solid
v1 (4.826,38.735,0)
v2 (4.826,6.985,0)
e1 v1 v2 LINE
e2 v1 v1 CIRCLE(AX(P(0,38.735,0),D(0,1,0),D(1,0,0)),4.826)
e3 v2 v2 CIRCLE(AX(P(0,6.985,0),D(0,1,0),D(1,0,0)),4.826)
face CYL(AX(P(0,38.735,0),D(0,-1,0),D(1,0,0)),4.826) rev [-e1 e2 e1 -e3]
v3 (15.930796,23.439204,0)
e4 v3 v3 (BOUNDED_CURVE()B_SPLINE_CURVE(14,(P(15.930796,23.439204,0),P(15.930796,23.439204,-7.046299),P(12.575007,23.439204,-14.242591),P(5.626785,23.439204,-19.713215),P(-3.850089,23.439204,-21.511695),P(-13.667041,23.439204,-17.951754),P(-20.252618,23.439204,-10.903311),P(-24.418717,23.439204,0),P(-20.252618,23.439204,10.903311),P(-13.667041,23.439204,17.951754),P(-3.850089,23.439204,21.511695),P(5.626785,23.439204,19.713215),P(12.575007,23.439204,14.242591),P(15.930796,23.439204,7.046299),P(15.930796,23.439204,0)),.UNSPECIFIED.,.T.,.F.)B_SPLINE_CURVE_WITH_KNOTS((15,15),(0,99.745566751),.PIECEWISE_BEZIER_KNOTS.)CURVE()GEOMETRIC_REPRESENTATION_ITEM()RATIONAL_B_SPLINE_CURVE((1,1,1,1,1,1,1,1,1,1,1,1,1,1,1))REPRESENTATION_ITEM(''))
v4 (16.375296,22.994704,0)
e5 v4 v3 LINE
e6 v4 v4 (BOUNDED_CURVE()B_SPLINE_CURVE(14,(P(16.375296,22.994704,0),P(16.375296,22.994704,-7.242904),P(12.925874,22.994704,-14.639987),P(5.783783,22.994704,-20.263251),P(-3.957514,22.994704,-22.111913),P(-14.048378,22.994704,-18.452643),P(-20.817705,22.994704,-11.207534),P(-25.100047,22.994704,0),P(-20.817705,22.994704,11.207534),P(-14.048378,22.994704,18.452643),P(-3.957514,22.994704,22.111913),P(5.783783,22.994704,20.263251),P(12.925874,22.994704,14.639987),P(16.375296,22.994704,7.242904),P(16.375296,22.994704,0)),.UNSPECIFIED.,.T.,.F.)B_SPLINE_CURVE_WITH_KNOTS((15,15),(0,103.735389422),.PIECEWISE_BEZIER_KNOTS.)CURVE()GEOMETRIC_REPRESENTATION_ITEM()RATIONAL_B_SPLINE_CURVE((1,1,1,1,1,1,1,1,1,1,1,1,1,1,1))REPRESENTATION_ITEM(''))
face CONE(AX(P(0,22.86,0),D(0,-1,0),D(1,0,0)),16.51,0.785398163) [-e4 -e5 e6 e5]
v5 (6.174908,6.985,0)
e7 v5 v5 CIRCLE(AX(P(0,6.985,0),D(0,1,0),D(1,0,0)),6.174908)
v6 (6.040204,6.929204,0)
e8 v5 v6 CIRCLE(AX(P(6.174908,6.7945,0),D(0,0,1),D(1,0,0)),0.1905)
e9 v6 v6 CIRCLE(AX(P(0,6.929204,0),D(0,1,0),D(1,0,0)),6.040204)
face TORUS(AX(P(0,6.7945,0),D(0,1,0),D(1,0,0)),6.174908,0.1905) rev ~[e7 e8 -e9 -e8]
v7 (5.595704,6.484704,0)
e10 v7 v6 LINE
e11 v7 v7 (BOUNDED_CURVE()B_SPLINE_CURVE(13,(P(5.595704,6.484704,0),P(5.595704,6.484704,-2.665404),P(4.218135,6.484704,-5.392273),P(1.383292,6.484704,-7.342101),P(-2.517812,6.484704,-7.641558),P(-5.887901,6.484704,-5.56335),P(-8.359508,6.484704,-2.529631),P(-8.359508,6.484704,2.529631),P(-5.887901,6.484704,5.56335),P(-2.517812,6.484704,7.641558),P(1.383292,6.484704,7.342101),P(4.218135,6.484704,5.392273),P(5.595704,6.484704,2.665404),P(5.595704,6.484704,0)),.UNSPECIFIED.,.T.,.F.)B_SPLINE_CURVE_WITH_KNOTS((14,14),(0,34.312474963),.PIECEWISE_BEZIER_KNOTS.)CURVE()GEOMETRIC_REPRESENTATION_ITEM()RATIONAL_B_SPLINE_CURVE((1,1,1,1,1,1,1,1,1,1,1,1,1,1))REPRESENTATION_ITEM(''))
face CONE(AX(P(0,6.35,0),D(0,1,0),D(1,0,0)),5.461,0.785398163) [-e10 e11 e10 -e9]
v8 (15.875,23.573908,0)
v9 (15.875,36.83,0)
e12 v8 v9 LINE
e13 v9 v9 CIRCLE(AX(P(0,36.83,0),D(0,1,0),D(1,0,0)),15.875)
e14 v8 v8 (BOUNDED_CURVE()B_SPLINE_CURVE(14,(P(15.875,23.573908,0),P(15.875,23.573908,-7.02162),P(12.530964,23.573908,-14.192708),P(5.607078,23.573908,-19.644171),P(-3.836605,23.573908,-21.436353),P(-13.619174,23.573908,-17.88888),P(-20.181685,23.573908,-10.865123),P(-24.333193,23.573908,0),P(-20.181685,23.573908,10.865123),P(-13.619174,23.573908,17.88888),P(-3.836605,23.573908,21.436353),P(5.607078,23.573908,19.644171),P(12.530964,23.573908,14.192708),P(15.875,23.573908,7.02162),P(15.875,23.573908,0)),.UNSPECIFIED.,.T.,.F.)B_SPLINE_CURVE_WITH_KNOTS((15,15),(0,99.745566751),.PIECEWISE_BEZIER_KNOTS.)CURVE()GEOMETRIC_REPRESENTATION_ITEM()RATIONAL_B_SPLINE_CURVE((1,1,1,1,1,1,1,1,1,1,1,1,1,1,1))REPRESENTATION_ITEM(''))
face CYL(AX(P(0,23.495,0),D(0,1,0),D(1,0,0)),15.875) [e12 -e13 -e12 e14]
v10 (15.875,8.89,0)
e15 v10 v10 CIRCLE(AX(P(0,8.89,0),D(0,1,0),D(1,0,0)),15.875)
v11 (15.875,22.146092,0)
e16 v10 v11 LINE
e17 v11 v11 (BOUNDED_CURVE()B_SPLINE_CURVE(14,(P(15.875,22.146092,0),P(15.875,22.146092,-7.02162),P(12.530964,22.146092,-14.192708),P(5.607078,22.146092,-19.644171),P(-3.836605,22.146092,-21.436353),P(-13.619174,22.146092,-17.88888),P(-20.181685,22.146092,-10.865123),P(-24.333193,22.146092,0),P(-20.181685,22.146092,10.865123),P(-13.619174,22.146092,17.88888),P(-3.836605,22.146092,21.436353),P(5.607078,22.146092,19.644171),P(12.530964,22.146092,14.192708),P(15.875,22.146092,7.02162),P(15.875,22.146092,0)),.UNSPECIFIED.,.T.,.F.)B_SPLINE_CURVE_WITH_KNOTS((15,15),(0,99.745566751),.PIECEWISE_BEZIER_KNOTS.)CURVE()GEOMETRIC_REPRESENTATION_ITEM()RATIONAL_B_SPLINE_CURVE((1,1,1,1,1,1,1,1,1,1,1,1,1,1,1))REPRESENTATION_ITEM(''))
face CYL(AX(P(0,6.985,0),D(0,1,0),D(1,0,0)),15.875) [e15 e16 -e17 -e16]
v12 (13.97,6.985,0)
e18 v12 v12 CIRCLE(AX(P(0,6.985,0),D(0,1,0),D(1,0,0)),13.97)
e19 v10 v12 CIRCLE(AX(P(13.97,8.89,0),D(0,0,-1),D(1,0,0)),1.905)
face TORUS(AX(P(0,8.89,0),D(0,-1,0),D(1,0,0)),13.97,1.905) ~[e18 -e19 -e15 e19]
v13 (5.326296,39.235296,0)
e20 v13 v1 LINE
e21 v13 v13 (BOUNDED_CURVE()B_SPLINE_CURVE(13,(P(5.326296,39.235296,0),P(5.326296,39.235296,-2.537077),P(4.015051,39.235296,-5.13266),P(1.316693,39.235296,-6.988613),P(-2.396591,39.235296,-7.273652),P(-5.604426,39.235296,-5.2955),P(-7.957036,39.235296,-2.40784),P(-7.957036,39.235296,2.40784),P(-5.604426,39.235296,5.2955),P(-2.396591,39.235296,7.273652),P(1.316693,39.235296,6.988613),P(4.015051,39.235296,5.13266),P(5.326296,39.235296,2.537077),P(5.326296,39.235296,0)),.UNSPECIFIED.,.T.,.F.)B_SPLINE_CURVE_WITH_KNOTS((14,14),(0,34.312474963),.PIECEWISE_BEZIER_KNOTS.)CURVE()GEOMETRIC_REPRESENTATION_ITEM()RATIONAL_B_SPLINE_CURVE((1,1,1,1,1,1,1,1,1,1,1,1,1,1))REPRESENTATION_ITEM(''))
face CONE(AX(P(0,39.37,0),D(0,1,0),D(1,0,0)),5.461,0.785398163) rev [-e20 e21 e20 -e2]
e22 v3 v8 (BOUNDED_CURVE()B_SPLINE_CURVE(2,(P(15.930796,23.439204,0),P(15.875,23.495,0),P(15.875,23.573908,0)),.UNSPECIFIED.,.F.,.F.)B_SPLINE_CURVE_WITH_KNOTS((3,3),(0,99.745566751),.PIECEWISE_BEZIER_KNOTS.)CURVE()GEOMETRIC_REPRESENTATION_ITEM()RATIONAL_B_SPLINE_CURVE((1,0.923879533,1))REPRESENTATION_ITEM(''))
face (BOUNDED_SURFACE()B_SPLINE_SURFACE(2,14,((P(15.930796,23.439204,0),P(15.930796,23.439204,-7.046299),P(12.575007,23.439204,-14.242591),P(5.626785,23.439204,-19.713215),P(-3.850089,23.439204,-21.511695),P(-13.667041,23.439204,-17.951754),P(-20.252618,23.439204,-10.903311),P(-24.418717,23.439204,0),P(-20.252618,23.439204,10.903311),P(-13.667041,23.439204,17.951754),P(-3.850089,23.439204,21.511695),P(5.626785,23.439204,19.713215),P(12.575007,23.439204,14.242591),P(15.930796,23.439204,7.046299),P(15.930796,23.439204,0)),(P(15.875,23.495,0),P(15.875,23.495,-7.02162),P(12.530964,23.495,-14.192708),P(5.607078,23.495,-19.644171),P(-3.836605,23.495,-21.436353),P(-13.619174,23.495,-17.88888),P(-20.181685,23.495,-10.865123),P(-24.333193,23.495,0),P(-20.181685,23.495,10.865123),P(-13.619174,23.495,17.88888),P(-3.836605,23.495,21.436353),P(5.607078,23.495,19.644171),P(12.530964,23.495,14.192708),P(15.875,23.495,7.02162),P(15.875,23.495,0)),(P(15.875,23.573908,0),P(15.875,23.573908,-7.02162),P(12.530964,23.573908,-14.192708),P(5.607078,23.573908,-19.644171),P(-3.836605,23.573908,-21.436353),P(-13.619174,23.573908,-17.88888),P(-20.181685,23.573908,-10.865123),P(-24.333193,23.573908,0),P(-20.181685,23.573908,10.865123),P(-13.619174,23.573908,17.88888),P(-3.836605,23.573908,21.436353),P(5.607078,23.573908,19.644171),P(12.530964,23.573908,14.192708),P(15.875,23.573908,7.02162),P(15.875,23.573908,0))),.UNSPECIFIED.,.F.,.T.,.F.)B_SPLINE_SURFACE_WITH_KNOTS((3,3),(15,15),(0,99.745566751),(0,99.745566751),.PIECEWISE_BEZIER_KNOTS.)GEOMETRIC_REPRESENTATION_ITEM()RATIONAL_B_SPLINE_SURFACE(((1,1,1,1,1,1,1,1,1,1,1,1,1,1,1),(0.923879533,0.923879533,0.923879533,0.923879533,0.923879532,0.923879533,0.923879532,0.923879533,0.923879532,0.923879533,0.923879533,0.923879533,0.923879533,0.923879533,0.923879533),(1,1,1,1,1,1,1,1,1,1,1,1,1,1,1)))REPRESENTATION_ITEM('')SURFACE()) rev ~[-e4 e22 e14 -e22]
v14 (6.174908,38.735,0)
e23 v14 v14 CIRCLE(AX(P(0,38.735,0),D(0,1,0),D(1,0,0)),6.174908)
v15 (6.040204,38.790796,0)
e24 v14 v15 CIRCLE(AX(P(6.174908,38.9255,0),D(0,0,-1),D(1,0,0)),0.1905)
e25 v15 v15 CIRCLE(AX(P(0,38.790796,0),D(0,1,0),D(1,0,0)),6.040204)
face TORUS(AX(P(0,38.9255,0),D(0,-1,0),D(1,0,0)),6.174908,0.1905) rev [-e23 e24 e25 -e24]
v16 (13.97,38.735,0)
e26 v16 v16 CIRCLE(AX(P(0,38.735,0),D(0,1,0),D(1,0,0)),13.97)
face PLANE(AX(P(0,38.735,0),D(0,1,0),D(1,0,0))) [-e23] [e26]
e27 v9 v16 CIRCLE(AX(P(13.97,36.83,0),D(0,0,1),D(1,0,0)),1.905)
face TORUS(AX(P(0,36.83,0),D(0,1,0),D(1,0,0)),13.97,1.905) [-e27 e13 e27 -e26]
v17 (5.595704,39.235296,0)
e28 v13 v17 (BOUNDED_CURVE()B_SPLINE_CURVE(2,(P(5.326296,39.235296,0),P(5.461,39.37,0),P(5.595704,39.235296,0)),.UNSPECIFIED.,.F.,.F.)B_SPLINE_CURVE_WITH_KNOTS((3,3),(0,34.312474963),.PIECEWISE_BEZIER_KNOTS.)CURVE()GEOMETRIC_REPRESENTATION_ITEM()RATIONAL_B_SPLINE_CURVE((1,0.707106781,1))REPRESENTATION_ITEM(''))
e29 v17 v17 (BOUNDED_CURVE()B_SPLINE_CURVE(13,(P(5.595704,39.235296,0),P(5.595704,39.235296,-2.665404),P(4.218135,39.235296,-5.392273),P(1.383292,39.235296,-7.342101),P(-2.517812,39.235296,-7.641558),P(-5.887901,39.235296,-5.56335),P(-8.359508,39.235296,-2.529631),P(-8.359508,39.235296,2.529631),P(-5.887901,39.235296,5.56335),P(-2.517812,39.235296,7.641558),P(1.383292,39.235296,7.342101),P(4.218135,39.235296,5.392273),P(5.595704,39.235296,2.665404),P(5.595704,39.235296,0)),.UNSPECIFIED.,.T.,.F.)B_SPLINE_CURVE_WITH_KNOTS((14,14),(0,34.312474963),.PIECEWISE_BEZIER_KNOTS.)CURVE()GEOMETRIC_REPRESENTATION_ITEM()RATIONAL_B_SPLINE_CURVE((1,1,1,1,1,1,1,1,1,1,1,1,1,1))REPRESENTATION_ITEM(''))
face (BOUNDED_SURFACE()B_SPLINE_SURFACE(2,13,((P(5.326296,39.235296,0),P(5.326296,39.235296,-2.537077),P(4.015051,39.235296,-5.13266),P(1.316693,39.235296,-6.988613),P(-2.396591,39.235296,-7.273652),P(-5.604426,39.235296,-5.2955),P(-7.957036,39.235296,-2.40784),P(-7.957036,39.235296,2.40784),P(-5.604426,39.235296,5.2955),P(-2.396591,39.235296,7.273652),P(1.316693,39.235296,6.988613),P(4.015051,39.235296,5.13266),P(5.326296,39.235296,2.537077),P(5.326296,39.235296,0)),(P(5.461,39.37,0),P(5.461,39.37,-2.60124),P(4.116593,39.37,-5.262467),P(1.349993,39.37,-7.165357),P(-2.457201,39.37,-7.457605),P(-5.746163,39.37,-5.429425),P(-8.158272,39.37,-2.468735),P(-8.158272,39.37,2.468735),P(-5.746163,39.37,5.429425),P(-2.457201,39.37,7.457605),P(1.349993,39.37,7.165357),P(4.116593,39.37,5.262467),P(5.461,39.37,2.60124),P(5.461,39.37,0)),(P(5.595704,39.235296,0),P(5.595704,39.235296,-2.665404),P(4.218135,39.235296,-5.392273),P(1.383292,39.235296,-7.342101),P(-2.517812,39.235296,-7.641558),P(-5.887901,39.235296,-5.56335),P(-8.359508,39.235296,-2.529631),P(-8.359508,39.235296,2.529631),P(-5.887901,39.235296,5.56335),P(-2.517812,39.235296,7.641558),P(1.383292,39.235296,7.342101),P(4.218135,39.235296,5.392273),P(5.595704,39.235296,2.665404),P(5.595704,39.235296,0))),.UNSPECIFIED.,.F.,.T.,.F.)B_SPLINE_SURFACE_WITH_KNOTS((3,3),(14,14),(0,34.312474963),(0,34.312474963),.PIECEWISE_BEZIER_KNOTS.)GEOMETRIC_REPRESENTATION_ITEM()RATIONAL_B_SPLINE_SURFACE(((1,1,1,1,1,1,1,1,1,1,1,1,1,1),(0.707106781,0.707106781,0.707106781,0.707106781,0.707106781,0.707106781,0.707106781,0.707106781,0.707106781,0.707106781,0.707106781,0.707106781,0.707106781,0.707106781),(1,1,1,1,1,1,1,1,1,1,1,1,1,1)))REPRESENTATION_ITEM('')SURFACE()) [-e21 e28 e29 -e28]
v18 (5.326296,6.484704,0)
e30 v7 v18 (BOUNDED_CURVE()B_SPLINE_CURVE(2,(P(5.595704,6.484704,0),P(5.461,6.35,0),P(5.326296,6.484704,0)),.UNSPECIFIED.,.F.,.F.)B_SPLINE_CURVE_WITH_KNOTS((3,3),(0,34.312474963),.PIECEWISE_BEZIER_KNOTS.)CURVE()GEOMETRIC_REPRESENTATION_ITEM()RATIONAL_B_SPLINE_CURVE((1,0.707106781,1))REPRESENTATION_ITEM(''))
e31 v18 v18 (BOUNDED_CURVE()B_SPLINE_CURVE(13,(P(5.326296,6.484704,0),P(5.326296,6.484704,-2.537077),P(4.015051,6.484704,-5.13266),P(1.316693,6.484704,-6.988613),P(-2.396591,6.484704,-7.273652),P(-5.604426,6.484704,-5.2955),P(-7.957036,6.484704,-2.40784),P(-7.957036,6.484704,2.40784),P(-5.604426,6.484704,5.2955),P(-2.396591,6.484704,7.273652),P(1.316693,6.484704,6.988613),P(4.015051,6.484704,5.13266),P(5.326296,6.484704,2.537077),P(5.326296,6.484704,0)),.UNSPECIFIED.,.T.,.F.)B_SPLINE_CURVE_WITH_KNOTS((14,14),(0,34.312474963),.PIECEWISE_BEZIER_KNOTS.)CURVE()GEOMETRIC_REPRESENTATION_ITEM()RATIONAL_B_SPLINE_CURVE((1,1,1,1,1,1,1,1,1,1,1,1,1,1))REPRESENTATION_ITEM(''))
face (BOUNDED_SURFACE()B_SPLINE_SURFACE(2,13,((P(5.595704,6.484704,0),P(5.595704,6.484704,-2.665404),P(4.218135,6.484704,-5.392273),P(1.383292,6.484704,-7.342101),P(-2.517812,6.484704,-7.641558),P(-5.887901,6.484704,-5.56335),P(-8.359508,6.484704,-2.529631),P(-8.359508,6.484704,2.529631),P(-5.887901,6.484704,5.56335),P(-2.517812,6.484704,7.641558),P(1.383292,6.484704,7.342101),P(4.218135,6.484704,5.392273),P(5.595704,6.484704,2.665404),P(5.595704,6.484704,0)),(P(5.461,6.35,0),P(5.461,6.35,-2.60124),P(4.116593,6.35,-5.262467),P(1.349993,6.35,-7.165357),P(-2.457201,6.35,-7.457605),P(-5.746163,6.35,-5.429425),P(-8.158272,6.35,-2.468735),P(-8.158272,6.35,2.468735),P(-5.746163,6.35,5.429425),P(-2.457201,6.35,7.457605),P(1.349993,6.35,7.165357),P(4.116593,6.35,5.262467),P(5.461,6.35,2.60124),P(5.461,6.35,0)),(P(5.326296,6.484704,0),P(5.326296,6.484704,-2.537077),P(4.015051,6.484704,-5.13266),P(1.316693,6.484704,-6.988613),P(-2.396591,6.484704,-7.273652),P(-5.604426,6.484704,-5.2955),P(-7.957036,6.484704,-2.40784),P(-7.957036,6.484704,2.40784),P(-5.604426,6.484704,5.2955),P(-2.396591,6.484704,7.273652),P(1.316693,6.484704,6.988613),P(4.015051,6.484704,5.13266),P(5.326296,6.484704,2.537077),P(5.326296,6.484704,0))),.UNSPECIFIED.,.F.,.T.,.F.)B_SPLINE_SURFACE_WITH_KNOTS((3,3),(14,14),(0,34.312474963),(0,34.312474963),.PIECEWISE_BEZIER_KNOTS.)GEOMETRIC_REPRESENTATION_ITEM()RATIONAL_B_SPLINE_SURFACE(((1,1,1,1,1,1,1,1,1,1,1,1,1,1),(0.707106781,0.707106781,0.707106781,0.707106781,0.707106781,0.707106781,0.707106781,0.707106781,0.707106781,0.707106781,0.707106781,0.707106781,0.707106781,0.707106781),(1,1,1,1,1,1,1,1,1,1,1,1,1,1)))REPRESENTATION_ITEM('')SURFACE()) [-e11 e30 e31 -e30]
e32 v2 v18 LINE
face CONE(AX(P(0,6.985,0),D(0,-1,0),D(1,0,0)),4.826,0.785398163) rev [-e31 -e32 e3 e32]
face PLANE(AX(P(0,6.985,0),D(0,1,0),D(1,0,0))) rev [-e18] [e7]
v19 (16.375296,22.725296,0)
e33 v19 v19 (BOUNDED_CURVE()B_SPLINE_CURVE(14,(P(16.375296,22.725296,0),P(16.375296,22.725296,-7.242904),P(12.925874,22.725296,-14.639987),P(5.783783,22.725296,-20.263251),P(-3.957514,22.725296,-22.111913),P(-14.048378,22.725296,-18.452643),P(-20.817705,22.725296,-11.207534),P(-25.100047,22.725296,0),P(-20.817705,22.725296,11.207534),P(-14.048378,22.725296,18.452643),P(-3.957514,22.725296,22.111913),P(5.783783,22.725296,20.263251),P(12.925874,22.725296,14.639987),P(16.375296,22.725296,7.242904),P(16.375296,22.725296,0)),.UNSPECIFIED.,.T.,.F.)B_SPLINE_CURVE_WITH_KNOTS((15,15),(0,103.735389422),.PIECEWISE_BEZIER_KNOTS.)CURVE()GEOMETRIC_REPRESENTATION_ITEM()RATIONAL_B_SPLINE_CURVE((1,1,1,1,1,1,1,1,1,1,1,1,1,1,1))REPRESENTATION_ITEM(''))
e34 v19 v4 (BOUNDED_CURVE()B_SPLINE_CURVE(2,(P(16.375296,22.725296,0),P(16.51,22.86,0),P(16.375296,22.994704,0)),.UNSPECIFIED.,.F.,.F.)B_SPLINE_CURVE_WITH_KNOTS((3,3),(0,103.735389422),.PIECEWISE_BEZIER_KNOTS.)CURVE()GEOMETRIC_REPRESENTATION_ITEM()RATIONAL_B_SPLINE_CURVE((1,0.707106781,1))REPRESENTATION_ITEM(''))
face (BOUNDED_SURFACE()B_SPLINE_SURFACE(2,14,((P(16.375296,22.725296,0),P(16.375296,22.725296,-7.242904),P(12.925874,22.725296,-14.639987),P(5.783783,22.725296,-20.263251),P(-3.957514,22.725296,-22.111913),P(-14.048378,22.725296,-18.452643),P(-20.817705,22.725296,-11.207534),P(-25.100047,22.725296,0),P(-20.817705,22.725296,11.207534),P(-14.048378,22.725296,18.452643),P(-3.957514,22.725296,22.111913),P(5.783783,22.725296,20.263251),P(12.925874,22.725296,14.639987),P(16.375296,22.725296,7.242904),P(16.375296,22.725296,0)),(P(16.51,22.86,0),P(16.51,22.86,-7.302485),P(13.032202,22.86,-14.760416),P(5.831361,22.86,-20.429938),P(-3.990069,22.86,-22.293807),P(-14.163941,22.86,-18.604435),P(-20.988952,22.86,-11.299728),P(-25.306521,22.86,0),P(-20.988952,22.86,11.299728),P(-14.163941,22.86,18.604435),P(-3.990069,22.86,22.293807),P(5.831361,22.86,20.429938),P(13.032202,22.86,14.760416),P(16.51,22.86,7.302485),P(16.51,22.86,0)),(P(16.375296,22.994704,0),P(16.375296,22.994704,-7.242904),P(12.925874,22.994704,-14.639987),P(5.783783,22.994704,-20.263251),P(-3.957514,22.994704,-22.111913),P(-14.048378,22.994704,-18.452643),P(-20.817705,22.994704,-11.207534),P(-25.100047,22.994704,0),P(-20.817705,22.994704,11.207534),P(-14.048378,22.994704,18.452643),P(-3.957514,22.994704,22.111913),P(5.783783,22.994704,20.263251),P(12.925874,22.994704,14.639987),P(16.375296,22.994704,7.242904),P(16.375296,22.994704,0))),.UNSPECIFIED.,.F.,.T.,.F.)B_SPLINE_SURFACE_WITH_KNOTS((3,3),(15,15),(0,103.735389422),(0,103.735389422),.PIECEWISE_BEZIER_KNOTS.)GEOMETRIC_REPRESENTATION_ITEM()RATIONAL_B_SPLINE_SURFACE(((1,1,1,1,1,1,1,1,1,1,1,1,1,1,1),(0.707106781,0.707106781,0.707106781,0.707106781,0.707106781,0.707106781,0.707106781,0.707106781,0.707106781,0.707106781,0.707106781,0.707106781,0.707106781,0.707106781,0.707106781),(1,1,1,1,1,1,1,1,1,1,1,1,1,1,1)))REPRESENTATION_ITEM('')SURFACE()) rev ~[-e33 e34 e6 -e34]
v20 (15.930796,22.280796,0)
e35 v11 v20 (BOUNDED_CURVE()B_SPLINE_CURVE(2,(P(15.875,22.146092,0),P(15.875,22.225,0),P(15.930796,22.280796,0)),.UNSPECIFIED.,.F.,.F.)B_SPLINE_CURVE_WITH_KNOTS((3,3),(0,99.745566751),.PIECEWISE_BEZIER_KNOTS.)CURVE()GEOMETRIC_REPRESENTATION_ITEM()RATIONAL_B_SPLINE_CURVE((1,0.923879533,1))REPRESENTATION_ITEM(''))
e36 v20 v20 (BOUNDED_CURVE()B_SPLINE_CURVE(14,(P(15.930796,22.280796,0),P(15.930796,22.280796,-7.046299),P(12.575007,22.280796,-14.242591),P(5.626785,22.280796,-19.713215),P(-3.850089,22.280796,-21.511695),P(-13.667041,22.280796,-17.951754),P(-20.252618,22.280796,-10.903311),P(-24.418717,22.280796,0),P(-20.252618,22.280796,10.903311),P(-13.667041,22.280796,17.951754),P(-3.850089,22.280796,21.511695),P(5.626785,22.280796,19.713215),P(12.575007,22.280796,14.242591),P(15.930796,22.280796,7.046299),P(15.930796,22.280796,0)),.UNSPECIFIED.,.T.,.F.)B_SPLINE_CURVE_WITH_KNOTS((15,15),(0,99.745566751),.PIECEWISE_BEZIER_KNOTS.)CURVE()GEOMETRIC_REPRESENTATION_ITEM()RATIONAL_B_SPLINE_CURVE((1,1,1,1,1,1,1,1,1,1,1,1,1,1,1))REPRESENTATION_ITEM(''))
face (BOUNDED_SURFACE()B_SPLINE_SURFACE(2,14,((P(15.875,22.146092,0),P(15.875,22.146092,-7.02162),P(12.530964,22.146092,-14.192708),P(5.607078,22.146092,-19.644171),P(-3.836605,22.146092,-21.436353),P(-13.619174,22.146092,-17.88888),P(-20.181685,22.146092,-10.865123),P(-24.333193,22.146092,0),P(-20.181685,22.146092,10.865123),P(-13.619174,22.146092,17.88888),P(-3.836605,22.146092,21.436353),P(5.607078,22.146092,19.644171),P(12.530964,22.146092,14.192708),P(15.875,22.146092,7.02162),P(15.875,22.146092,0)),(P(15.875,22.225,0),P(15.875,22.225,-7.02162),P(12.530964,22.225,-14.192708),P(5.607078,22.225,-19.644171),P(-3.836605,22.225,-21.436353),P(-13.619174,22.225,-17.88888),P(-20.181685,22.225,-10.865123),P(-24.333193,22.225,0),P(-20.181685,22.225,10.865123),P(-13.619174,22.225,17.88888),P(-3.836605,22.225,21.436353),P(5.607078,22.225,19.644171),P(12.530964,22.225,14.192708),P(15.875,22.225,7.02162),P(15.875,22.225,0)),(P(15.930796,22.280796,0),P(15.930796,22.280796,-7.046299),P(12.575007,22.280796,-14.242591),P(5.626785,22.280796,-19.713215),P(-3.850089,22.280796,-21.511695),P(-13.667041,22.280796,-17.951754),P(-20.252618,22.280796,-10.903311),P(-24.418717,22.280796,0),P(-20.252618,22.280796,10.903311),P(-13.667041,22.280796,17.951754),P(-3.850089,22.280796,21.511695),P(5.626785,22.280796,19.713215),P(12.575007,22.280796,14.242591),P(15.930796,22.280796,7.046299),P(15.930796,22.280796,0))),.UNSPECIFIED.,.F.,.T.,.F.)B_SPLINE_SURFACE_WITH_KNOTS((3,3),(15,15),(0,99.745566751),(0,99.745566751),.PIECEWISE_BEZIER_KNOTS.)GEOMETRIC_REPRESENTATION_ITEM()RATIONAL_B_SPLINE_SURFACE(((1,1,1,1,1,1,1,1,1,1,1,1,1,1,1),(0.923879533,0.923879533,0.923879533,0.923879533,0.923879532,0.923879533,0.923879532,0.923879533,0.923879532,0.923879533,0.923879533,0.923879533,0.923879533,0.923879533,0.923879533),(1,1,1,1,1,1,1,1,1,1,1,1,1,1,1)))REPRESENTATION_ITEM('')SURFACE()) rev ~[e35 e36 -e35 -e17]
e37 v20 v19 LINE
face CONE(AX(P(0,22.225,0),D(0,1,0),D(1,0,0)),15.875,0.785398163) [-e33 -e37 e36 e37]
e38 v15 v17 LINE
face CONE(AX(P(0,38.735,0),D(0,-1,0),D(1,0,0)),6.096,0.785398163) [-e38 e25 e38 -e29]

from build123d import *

# Parameters (mm, degrees)
FILLET_R    = 1.905
FILLET001_R = 0.1905


with BuildPart() as part:
    # Sketch043 → Revolution002 (revolve)
    with BuildSketch(Plane.XY):
        Polygon((15.875, -15.875), (15.875, -0.635), (16.51, 0), (15.875, 0.635), (15.875, 15.875), (6.096, 15.875), (5.461, 16.51), (4.826, 15.875), (4.826, -15.875), (5.461, -16.51), (6.096, -15.875), align=None)
    revolve(axis=Axis((0, 0, 0), (0, 1, 0)))

    # Fillet
    fillet_edges = [part.edges().sort_by_distance(p)[0] for p in [
        (-15.875, -15.875, 0),
        (-15.875, 15.875, 0),
    ]]
    fillet(fillet_edges, radius=FILLET_R)

    # Fillet001
    fillet001_edges = [part.edges().sort_by_distance(p)[0] for p in [
        (-5.461, 16.51, 0),
        (-16.51, 0, 0),
        (-6.096, 15.875, 0),
        (-15.875, 0.635, 0),
        (-15.875, -0.635, 0),
        (-6.096, -15.875, 0),
        (-5.461, -16.51, 0),
    ]]
    fillet(fillet001_edges, radius=FILLET001_R)


with BuildPart() as part_1:
    # Body003 placement: moved
    add(part.part.moved(Location((0, 22.86, 0))))


solid = part_1.part
